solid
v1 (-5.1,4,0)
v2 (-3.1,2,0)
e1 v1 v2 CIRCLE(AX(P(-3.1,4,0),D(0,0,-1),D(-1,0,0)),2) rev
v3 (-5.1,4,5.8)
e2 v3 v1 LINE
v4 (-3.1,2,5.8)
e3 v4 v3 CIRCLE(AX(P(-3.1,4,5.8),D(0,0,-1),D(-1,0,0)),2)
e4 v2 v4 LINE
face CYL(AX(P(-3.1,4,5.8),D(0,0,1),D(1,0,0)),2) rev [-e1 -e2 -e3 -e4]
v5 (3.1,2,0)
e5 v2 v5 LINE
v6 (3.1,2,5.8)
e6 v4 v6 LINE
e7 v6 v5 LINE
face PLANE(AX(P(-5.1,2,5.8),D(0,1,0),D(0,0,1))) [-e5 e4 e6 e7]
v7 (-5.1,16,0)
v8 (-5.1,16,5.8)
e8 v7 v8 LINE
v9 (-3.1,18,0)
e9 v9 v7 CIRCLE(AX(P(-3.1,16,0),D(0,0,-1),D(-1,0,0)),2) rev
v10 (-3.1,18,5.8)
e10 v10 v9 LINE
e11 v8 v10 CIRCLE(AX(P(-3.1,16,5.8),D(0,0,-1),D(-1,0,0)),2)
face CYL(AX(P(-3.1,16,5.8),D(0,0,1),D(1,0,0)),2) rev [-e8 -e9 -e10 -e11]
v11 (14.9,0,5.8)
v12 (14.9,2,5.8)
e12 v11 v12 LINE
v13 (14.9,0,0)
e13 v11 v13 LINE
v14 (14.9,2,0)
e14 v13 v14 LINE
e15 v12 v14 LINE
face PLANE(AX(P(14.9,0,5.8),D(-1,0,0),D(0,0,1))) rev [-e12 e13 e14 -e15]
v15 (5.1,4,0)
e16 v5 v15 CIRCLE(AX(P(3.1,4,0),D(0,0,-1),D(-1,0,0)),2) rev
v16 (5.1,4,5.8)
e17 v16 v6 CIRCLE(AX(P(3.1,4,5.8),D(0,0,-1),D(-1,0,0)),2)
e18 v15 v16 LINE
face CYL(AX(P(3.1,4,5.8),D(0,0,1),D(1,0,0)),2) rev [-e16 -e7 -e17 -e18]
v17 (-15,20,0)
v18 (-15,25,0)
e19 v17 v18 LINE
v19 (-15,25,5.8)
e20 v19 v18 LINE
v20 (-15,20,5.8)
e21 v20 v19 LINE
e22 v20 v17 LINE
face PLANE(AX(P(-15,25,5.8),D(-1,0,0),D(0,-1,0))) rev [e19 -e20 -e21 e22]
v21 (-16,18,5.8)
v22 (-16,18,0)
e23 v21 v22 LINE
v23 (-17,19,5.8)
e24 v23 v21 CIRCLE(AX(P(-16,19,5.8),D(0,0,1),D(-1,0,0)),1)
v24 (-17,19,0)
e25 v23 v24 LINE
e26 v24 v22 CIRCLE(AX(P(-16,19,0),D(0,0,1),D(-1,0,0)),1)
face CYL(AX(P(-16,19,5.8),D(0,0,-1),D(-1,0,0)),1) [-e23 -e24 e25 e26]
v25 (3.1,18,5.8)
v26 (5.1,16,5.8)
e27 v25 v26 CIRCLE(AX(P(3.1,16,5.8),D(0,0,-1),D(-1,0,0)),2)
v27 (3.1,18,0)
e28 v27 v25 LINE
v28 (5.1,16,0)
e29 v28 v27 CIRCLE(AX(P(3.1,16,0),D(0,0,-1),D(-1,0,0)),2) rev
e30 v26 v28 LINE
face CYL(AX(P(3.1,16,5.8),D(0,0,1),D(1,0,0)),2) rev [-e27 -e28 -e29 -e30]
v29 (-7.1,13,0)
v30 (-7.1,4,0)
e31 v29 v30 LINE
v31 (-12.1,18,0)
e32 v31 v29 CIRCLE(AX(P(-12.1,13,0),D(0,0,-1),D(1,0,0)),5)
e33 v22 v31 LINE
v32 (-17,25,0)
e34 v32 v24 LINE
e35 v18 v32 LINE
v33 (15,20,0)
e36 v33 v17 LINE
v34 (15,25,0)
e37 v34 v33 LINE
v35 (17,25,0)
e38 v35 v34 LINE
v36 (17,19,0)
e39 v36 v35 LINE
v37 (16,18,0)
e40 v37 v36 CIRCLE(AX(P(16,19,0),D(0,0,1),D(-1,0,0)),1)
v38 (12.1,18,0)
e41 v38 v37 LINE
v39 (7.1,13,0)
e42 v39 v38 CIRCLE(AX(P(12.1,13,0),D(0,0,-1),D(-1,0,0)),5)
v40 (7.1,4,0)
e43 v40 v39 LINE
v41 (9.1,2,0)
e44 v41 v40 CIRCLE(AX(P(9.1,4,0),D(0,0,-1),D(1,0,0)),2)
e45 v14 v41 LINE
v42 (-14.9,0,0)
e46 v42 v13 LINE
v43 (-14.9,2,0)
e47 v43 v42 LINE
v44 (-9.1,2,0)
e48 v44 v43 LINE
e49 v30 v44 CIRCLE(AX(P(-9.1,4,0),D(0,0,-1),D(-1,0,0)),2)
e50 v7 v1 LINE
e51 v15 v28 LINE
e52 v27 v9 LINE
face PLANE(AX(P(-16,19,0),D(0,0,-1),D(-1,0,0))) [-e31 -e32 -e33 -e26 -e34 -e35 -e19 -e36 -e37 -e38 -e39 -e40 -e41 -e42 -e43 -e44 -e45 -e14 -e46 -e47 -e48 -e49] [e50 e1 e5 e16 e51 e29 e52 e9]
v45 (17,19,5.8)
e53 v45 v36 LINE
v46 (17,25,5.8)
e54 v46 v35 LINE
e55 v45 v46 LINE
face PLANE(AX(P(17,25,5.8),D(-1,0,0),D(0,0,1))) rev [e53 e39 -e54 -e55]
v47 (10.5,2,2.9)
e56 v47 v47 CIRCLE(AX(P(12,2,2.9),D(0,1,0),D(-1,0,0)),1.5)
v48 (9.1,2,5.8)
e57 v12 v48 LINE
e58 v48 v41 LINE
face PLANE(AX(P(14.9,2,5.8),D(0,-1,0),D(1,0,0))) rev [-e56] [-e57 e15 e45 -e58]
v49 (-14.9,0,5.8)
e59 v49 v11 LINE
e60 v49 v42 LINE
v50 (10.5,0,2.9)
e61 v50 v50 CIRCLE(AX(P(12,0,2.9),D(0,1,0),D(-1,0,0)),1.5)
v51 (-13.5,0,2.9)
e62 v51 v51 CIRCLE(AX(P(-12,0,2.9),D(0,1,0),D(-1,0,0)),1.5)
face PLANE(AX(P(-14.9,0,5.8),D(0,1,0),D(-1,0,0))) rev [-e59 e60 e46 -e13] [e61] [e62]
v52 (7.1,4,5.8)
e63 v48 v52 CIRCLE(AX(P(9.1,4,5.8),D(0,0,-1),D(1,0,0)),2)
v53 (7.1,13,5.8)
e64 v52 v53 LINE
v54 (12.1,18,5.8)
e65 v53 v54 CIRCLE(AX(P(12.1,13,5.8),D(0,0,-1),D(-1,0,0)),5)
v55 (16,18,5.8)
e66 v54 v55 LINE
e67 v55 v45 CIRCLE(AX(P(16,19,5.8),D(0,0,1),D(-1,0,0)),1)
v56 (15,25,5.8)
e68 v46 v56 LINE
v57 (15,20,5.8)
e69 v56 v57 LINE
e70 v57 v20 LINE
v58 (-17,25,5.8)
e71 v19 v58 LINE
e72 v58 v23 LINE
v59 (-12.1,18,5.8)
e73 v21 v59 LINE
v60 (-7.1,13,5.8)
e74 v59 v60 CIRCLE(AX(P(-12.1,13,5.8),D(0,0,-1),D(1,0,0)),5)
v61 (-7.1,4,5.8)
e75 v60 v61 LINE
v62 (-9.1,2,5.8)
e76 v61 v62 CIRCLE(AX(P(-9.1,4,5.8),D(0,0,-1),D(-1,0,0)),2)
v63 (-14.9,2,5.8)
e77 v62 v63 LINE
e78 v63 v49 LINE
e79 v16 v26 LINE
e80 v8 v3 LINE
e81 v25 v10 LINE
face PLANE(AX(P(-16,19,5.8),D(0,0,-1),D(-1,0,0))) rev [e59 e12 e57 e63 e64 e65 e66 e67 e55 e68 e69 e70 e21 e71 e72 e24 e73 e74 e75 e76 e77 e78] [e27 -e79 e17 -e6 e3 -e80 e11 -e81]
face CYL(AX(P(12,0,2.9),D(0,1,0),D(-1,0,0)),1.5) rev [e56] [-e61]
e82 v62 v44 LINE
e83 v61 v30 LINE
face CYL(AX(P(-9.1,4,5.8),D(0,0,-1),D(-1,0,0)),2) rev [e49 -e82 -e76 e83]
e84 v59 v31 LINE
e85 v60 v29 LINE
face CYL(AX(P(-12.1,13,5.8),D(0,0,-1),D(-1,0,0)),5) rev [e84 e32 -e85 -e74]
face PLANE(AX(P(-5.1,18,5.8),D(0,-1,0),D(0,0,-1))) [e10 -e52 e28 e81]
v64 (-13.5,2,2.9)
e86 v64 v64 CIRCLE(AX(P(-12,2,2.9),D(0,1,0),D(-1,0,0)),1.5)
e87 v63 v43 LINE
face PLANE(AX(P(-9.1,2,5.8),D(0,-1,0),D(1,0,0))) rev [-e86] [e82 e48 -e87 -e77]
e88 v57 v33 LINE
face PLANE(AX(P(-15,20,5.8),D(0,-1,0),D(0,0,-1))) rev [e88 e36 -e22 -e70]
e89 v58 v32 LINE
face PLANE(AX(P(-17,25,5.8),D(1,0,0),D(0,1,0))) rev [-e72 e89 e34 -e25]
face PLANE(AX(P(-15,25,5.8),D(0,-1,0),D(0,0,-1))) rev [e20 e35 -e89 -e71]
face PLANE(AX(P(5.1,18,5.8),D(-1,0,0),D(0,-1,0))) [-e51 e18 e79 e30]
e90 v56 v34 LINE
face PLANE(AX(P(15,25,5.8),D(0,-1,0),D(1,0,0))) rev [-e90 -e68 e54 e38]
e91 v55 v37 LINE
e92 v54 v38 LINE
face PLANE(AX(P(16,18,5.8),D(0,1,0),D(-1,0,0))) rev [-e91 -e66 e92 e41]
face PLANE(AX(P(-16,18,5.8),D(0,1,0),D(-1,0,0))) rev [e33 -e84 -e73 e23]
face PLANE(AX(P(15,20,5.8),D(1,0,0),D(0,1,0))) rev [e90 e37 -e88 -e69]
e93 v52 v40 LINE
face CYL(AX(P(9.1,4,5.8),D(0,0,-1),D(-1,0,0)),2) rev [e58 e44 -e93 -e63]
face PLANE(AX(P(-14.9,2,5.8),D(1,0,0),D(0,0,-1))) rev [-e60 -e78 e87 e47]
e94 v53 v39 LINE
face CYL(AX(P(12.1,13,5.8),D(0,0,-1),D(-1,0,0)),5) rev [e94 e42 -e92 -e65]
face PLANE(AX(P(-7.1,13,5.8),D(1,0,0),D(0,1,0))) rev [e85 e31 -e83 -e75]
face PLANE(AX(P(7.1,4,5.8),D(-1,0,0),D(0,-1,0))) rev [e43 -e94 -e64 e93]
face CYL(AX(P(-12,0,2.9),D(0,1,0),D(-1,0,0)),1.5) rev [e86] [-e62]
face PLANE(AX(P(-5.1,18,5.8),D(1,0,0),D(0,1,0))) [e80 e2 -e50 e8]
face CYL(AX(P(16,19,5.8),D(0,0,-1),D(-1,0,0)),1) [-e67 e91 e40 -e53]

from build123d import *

# Parameters (mm, degrees)
SKETCH1_W           = 10.2
SKETCH1_H           = 16
BOSS_EXTRUDE1_DEPTH = 5.8
SKETCH2_R           = 1.5
CUT_EXTRUDE1_DEPTH  = 3
FILLET1_R           = 2


with BuildPart() as part:
    # Sketch1 → Boss-Extrude1 (new body)
    with BuildSketch(Plane.XY):
        with BuildLine():
            Line((-15, 25), (-15, 20))
            Line((-15, 20), (15, 20))
            Line((15, 20), (15, 25))
            Line((15, 25), (17, 25))
            Line((17, 25), (17, 19))
            ThreePointArc((17, 19), (16.707106781, 18.292893219), (16, 18))
            Line((16, 18), (12.1, 18))
            ThreePointArc((12.1, 18), (8.564466094, 16.535533906), (7.1, 13))
            Line((7.1, 13), (7.1, 4))
            ThreePointArc((7.1, 4), (7.685786438, 2.585786438), (9.1, 2))
            Line((9.1, 2), (14.9, 2))
            Line((14.9, 2), (14.9, 0))
            Line((14.9, 0), (-14.9, 0))
            Line((-14.9, 0), (-14.9, 2))
            Line((-14.9, 2), (-9.1, 2))
            ThreePointArc((-9.1, 2), (-7.685786438, 2.585786438), (-7.1, 4))
            Line((-7.1, 4), (-7.1, 13))
            ThreePointArc((-7.1, 13), (-8.564466094, 16.535533906), (-12.1, 18))
            Line((-12.1, 18), (-16, 18))
            ThreePointArc((-16, 18), (-16.707106781, 18.292893219), (-17, 19))
            Line((-17, 19), (-17, 25))
            Line((-17, 25), (-15, 25))
        make_face()
        with Locations((0, 10)):
            Rectangle(SKETCH1_W, SKETCH1_H, mode=Mode.SUBTRACT)
    extrude(amount=BOSS_EXTRUDE1_DEPTH)

    # Sketch2 → Cut-Extrude1 (cut, through all)
    with BuildSketch(Plane(origin=(0, 2, 0), x_dir=(1, 0, 0), z_dir=(0, 1, 0))):
        with Locations((-12, -2.9)):
            Circle(SKETCH2_R)
        with Locations((12, -2.9)):
            Circle(SKETCH2_R)
    extrude(amount=-CUT_EXTRUDE1_DEPTH, mode=Mode.SUBTRACT)

    # Fillet1
    fillet1_edges = [part.edges().sort_by_distance(p)[0] for p in [
        (-5.1, 18, 2.9),
        (-5.1, 2, 2.9),
        (5.1, 2, 2.9),
        (5.1, 18, 2.9),
    ]]
    fillet(fillet1_edges, radius=FILLET1_R)


solid = part.part
